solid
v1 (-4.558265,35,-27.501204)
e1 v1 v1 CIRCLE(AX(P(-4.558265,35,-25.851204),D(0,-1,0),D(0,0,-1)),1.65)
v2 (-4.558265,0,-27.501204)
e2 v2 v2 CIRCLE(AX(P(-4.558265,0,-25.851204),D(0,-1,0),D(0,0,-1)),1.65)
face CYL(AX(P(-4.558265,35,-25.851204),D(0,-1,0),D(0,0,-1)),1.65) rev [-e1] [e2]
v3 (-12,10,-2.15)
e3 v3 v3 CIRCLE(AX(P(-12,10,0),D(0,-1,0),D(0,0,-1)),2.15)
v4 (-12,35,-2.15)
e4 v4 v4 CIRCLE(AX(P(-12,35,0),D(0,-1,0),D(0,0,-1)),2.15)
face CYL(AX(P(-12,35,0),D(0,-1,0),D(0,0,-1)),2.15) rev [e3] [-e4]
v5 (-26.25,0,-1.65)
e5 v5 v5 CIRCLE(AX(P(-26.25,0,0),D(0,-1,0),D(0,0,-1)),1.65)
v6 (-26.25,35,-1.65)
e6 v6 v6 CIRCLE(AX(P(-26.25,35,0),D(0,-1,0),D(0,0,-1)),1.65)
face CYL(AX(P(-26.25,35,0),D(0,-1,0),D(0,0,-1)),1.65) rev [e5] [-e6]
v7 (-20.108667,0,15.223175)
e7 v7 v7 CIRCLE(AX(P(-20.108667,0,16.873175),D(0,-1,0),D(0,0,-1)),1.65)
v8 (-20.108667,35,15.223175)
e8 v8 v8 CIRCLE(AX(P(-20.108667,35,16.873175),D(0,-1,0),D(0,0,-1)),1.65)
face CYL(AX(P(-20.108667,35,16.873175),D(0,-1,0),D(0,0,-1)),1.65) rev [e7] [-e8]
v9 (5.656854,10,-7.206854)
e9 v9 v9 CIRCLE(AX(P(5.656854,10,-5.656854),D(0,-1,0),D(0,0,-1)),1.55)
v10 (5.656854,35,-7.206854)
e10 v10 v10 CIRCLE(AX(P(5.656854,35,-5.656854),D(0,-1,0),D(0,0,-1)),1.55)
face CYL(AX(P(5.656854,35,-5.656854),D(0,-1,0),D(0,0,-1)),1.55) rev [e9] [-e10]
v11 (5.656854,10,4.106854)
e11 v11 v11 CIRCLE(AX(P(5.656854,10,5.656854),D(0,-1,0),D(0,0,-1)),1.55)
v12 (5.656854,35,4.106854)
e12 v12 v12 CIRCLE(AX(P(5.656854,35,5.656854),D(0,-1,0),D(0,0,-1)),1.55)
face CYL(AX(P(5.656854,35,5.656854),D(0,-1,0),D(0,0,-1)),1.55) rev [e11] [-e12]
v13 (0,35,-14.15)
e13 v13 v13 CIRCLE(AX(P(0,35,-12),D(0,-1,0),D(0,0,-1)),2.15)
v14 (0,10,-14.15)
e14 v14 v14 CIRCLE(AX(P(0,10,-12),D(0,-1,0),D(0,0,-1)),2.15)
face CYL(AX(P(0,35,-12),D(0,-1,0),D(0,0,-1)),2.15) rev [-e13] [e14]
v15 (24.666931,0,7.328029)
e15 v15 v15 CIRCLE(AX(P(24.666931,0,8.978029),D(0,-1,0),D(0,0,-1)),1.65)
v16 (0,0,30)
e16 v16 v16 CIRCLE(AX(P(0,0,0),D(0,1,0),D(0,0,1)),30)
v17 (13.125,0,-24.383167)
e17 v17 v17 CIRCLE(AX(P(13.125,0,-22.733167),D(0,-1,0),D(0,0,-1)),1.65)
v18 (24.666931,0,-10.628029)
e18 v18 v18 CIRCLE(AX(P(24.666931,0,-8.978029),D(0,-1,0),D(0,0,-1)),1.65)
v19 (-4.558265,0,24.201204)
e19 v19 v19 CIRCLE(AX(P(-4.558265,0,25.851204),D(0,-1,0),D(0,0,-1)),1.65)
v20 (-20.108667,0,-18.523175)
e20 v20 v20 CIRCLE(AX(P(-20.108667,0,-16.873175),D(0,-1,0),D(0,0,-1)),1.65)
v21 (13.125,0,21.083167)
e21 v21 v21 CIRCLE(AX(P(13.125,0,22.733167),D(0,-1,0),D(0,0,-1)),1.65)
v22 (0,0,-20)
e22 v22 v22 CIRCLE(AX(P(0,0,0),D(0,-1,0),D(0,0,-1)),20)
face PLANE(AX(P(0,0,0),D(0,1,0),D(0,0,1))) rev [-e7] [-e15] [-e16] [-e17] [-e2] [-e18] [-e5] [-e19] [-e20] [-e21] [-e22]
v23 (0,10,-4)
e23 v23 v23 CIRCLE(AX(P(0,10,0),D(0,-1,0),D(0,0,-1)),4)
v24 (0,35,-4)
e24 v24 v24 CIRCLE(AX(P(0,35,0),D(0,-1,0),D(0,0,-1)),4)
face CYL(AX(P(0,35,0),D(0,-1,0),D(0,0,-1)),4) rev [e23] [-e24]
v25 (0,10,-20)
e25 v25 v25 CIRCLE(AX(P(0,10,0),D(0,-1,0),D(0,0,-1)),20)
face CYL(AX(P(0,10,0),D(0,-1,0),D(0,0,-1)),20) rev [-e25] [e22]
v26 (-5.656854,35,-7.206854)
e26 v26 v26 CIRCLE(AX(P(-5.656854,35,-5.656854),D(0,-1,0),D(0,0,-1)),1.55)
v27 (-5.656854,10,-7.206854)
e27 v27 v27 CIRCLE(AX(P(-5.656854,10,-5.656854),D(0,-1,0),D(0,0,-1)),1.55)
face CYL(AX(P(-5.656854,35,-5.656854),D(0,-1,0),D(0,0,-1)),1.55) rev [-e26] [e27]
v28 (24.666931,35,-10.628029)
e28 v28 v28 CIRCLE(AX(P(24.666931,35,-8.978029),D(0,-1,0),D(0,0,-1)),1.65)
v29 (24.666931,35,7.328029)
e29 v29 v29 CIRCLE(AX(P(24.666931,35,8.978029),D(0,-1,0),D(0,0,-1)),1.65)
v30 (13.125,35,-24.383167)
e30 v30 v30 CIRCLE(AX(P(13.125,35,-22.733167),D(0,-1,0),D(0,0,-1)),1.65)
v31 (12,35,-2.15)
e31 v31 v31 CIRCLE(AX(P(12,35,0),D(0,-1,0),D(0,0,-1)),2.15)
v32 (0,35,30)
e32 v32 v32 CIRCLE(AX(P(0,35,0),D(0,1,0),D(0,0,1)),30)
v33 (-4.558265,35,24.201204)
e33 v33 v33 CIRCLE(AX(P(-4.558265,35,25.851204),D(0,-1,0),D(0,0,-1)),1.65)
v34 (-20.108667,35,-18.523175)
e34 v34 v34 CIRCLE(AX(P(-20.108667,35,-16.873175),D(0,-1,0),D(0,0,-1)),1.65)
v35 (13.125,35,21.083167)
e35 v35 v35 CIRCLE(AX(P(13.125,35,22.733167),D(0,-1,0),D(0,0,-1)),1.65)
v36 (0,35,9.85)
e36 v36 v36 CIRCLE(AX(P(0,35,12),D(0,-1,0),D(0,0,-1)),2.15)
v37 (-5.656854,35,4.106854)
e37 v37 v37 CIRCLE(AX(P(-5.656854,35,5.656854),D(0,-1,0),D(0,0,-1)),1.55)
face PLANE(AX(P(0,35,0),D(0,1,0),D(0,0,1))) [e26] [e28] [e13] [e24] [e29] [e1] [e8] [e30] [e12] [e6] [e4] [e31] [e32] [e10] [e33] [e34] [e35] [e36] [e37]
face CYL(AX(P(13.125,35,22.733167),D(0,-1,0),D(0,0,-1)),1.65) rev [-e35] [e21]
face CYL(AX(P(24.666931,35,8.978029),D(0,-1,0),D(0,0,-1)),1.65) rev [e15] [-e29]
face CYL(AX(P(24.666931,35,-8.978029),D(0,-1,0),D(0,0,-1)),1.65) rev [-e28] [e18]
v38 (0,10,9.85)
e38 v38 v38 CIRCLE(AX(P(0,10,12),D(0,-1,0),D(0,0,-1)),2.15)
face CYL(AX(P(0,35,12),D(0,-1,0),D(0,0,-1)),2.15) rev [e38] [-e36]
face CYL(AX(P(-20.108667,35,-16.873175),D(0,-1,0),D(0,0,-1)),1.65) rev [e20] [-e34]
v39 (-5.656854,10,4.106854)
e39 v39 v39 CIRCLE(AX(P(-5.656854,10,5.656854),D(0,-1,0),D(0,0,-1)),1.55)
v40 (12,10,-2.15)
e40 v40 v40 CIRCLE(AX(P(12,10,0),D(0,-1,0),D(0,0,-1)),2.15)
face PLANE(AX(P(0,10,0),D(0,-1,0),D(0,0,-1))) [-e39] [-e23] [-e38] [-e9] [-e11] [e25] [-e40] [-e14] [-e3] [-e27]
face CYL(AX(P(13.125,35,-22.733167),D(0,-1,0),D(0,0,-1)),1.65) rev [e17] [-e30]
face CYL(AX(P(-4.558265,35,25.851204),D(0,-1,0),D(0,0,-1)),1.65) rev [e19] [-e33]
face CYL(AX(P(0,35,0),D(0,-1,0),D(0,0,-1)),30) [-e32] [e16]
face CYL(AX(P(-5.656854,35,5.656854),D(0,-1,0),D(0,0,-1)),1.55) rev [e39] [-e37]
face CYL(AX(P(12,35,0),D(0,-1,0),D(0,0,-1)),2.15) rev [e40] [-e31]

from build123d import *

# Parameters (mm, degrees)
SKETCH_1_R          = 30
EXTRUDE_1_DEPTH     = 35
SKETCH_2_R          = 1.65
CUT_EXTRUDE_1_DEPTH = 56
SKETCH_4_R          = 20
CUT_EXTRUDE_3_DEPTH = 10
SKETCH_5_R          = 4
CUT_EXTRUDE_4_DEPTH = 50.244289009
SKETCH_6_R          = 2.15
SKETCH_6_R_2        = 1.55
CUT_EXTRUDE_5_DEPTH = 50.244289009


with BuildPart() as part:
    # 草图1 → 凸台-拉伸1 (new body)
    with BuildSketch(Plane(origin=(0, 0, 0), x_dir=(1, 0, 0), z_dir=(0, 1, 0))):
        with Locations(Location((0, 0, 0), (0, 0, 270))):
            Circle(SKETCH_1_R)
    extrude(amount=EXTRUDE_1_DEPTH)

    # 草图2 → 切除-拉伸1 (cut, through all)
    with BuildSketch(Plane.XZ):
        with Locations(Location((-26.25, 0, 0), (0, 0, 270))):
            Circle(SKETCH_2_R)
        with Locations(Location((-20.108666632, 16.873174754, 0), (0, 0, 270))):
            Circle(SKETCH_2_R)
        with Locations(Location((-4.558264664, 25.851203517, 0), (0, 0, 270))):
            Circle(SKETCH_2_R)
        with Locations(Location((13.125, 22.733166849, 0), (0, 0, 270))):
            Circle(SKETCH_2_R)
        with Locations(Location((24.666931296, 8.978028762, 0), (0, 0, 270))):
            Circle(SKETCH_2_R)
        with Locations(Location((24.666931296, -8.978028762, 0), (0, 0, 270))):
            Circle(SKETCH_2_R)
        with Locations(Location((13.125, -22.733166849, 0), (0, 0, 270))):
            Circle(SKETCH_2_R)
        with Locations(Location((-4.558264664, -25.851203517, 0), (0, 0, 270))):
            Circle(SKETCH_2_R)
        with Locations(Location((-20.108666632, -16.873174754, 0), (0, 0, 270))):
            Circle(SKETCH_2_R)
    extrude(amount=-CUT_EXTRUDE_1_DEPTH, mode=Mode.SUBTRACT)

    # 草图4 → 切除-拉伸3 (cut)
    with BuildSketch(Plane.XZ):
        with Locations(Location((0, 0, 0), (0, 0, 270))):
            Circle(SKETCH_4_R)
    extrude(amount=-CUT_EXTRUDE_3_DEPTH, mode=Mode.SUBTRACT)

    # 草图5 → 切除-拉伸4 (cut, through all)
    with BuildSketch(Plane.XZ.offset(-10)):
        with Locations(Location((0, 0, 0), (0, 0, 270))):
            Circle(SKETCH_5_R)
    extrude(amount=-CUT_EXTRUDE_4_DEPTH, mode=Mode.SUBTRACT)

    # 草图6 → 切除-拉伸5 (cut, through all)
    with BuildSketch(Plane.XZ.offset(-10)):
        with Locations(Location((0, 12, 0), (0, 0, 270))):
            Circle(SKETCH_6_R)
        with Locations(Location((12, 0, 0), (0, 0, 270))):
            Circle(SKETCH_6_R)
        with Locations(Location((0, -12, 0), (0, 0, 270))):
            Circle(SKETCH_6_R)
        with Locations(Location((-12, 0, 0), (0, 0, 270))):
            Circle(SKETCH_6_R)
        with Locations(Location((-5.656854249, -5.656854249, 0), (0, 0, 270))):
            Circle(SKETCH_6_R_2)
        with Locations(Location((-5.656854249, 5.656854249, 0), (0, 0, 270))):
            Circle(SKETCH_6_R_2)
        with Locations(Location((5.656854249, 5.656854249, 0), (0, 0, 270))):
            Circle(SKETCH_6_R_2)
        with Locations(Location((5.656854249, -5.656854249, 0), (0, 0, 270))):
            Circle(SKETCH_6_R_2)
    extrude(amount=-CUT_EXTRUDE_5_DEPTH, mode=Mode.SUBTRACT)


solid = part.part
